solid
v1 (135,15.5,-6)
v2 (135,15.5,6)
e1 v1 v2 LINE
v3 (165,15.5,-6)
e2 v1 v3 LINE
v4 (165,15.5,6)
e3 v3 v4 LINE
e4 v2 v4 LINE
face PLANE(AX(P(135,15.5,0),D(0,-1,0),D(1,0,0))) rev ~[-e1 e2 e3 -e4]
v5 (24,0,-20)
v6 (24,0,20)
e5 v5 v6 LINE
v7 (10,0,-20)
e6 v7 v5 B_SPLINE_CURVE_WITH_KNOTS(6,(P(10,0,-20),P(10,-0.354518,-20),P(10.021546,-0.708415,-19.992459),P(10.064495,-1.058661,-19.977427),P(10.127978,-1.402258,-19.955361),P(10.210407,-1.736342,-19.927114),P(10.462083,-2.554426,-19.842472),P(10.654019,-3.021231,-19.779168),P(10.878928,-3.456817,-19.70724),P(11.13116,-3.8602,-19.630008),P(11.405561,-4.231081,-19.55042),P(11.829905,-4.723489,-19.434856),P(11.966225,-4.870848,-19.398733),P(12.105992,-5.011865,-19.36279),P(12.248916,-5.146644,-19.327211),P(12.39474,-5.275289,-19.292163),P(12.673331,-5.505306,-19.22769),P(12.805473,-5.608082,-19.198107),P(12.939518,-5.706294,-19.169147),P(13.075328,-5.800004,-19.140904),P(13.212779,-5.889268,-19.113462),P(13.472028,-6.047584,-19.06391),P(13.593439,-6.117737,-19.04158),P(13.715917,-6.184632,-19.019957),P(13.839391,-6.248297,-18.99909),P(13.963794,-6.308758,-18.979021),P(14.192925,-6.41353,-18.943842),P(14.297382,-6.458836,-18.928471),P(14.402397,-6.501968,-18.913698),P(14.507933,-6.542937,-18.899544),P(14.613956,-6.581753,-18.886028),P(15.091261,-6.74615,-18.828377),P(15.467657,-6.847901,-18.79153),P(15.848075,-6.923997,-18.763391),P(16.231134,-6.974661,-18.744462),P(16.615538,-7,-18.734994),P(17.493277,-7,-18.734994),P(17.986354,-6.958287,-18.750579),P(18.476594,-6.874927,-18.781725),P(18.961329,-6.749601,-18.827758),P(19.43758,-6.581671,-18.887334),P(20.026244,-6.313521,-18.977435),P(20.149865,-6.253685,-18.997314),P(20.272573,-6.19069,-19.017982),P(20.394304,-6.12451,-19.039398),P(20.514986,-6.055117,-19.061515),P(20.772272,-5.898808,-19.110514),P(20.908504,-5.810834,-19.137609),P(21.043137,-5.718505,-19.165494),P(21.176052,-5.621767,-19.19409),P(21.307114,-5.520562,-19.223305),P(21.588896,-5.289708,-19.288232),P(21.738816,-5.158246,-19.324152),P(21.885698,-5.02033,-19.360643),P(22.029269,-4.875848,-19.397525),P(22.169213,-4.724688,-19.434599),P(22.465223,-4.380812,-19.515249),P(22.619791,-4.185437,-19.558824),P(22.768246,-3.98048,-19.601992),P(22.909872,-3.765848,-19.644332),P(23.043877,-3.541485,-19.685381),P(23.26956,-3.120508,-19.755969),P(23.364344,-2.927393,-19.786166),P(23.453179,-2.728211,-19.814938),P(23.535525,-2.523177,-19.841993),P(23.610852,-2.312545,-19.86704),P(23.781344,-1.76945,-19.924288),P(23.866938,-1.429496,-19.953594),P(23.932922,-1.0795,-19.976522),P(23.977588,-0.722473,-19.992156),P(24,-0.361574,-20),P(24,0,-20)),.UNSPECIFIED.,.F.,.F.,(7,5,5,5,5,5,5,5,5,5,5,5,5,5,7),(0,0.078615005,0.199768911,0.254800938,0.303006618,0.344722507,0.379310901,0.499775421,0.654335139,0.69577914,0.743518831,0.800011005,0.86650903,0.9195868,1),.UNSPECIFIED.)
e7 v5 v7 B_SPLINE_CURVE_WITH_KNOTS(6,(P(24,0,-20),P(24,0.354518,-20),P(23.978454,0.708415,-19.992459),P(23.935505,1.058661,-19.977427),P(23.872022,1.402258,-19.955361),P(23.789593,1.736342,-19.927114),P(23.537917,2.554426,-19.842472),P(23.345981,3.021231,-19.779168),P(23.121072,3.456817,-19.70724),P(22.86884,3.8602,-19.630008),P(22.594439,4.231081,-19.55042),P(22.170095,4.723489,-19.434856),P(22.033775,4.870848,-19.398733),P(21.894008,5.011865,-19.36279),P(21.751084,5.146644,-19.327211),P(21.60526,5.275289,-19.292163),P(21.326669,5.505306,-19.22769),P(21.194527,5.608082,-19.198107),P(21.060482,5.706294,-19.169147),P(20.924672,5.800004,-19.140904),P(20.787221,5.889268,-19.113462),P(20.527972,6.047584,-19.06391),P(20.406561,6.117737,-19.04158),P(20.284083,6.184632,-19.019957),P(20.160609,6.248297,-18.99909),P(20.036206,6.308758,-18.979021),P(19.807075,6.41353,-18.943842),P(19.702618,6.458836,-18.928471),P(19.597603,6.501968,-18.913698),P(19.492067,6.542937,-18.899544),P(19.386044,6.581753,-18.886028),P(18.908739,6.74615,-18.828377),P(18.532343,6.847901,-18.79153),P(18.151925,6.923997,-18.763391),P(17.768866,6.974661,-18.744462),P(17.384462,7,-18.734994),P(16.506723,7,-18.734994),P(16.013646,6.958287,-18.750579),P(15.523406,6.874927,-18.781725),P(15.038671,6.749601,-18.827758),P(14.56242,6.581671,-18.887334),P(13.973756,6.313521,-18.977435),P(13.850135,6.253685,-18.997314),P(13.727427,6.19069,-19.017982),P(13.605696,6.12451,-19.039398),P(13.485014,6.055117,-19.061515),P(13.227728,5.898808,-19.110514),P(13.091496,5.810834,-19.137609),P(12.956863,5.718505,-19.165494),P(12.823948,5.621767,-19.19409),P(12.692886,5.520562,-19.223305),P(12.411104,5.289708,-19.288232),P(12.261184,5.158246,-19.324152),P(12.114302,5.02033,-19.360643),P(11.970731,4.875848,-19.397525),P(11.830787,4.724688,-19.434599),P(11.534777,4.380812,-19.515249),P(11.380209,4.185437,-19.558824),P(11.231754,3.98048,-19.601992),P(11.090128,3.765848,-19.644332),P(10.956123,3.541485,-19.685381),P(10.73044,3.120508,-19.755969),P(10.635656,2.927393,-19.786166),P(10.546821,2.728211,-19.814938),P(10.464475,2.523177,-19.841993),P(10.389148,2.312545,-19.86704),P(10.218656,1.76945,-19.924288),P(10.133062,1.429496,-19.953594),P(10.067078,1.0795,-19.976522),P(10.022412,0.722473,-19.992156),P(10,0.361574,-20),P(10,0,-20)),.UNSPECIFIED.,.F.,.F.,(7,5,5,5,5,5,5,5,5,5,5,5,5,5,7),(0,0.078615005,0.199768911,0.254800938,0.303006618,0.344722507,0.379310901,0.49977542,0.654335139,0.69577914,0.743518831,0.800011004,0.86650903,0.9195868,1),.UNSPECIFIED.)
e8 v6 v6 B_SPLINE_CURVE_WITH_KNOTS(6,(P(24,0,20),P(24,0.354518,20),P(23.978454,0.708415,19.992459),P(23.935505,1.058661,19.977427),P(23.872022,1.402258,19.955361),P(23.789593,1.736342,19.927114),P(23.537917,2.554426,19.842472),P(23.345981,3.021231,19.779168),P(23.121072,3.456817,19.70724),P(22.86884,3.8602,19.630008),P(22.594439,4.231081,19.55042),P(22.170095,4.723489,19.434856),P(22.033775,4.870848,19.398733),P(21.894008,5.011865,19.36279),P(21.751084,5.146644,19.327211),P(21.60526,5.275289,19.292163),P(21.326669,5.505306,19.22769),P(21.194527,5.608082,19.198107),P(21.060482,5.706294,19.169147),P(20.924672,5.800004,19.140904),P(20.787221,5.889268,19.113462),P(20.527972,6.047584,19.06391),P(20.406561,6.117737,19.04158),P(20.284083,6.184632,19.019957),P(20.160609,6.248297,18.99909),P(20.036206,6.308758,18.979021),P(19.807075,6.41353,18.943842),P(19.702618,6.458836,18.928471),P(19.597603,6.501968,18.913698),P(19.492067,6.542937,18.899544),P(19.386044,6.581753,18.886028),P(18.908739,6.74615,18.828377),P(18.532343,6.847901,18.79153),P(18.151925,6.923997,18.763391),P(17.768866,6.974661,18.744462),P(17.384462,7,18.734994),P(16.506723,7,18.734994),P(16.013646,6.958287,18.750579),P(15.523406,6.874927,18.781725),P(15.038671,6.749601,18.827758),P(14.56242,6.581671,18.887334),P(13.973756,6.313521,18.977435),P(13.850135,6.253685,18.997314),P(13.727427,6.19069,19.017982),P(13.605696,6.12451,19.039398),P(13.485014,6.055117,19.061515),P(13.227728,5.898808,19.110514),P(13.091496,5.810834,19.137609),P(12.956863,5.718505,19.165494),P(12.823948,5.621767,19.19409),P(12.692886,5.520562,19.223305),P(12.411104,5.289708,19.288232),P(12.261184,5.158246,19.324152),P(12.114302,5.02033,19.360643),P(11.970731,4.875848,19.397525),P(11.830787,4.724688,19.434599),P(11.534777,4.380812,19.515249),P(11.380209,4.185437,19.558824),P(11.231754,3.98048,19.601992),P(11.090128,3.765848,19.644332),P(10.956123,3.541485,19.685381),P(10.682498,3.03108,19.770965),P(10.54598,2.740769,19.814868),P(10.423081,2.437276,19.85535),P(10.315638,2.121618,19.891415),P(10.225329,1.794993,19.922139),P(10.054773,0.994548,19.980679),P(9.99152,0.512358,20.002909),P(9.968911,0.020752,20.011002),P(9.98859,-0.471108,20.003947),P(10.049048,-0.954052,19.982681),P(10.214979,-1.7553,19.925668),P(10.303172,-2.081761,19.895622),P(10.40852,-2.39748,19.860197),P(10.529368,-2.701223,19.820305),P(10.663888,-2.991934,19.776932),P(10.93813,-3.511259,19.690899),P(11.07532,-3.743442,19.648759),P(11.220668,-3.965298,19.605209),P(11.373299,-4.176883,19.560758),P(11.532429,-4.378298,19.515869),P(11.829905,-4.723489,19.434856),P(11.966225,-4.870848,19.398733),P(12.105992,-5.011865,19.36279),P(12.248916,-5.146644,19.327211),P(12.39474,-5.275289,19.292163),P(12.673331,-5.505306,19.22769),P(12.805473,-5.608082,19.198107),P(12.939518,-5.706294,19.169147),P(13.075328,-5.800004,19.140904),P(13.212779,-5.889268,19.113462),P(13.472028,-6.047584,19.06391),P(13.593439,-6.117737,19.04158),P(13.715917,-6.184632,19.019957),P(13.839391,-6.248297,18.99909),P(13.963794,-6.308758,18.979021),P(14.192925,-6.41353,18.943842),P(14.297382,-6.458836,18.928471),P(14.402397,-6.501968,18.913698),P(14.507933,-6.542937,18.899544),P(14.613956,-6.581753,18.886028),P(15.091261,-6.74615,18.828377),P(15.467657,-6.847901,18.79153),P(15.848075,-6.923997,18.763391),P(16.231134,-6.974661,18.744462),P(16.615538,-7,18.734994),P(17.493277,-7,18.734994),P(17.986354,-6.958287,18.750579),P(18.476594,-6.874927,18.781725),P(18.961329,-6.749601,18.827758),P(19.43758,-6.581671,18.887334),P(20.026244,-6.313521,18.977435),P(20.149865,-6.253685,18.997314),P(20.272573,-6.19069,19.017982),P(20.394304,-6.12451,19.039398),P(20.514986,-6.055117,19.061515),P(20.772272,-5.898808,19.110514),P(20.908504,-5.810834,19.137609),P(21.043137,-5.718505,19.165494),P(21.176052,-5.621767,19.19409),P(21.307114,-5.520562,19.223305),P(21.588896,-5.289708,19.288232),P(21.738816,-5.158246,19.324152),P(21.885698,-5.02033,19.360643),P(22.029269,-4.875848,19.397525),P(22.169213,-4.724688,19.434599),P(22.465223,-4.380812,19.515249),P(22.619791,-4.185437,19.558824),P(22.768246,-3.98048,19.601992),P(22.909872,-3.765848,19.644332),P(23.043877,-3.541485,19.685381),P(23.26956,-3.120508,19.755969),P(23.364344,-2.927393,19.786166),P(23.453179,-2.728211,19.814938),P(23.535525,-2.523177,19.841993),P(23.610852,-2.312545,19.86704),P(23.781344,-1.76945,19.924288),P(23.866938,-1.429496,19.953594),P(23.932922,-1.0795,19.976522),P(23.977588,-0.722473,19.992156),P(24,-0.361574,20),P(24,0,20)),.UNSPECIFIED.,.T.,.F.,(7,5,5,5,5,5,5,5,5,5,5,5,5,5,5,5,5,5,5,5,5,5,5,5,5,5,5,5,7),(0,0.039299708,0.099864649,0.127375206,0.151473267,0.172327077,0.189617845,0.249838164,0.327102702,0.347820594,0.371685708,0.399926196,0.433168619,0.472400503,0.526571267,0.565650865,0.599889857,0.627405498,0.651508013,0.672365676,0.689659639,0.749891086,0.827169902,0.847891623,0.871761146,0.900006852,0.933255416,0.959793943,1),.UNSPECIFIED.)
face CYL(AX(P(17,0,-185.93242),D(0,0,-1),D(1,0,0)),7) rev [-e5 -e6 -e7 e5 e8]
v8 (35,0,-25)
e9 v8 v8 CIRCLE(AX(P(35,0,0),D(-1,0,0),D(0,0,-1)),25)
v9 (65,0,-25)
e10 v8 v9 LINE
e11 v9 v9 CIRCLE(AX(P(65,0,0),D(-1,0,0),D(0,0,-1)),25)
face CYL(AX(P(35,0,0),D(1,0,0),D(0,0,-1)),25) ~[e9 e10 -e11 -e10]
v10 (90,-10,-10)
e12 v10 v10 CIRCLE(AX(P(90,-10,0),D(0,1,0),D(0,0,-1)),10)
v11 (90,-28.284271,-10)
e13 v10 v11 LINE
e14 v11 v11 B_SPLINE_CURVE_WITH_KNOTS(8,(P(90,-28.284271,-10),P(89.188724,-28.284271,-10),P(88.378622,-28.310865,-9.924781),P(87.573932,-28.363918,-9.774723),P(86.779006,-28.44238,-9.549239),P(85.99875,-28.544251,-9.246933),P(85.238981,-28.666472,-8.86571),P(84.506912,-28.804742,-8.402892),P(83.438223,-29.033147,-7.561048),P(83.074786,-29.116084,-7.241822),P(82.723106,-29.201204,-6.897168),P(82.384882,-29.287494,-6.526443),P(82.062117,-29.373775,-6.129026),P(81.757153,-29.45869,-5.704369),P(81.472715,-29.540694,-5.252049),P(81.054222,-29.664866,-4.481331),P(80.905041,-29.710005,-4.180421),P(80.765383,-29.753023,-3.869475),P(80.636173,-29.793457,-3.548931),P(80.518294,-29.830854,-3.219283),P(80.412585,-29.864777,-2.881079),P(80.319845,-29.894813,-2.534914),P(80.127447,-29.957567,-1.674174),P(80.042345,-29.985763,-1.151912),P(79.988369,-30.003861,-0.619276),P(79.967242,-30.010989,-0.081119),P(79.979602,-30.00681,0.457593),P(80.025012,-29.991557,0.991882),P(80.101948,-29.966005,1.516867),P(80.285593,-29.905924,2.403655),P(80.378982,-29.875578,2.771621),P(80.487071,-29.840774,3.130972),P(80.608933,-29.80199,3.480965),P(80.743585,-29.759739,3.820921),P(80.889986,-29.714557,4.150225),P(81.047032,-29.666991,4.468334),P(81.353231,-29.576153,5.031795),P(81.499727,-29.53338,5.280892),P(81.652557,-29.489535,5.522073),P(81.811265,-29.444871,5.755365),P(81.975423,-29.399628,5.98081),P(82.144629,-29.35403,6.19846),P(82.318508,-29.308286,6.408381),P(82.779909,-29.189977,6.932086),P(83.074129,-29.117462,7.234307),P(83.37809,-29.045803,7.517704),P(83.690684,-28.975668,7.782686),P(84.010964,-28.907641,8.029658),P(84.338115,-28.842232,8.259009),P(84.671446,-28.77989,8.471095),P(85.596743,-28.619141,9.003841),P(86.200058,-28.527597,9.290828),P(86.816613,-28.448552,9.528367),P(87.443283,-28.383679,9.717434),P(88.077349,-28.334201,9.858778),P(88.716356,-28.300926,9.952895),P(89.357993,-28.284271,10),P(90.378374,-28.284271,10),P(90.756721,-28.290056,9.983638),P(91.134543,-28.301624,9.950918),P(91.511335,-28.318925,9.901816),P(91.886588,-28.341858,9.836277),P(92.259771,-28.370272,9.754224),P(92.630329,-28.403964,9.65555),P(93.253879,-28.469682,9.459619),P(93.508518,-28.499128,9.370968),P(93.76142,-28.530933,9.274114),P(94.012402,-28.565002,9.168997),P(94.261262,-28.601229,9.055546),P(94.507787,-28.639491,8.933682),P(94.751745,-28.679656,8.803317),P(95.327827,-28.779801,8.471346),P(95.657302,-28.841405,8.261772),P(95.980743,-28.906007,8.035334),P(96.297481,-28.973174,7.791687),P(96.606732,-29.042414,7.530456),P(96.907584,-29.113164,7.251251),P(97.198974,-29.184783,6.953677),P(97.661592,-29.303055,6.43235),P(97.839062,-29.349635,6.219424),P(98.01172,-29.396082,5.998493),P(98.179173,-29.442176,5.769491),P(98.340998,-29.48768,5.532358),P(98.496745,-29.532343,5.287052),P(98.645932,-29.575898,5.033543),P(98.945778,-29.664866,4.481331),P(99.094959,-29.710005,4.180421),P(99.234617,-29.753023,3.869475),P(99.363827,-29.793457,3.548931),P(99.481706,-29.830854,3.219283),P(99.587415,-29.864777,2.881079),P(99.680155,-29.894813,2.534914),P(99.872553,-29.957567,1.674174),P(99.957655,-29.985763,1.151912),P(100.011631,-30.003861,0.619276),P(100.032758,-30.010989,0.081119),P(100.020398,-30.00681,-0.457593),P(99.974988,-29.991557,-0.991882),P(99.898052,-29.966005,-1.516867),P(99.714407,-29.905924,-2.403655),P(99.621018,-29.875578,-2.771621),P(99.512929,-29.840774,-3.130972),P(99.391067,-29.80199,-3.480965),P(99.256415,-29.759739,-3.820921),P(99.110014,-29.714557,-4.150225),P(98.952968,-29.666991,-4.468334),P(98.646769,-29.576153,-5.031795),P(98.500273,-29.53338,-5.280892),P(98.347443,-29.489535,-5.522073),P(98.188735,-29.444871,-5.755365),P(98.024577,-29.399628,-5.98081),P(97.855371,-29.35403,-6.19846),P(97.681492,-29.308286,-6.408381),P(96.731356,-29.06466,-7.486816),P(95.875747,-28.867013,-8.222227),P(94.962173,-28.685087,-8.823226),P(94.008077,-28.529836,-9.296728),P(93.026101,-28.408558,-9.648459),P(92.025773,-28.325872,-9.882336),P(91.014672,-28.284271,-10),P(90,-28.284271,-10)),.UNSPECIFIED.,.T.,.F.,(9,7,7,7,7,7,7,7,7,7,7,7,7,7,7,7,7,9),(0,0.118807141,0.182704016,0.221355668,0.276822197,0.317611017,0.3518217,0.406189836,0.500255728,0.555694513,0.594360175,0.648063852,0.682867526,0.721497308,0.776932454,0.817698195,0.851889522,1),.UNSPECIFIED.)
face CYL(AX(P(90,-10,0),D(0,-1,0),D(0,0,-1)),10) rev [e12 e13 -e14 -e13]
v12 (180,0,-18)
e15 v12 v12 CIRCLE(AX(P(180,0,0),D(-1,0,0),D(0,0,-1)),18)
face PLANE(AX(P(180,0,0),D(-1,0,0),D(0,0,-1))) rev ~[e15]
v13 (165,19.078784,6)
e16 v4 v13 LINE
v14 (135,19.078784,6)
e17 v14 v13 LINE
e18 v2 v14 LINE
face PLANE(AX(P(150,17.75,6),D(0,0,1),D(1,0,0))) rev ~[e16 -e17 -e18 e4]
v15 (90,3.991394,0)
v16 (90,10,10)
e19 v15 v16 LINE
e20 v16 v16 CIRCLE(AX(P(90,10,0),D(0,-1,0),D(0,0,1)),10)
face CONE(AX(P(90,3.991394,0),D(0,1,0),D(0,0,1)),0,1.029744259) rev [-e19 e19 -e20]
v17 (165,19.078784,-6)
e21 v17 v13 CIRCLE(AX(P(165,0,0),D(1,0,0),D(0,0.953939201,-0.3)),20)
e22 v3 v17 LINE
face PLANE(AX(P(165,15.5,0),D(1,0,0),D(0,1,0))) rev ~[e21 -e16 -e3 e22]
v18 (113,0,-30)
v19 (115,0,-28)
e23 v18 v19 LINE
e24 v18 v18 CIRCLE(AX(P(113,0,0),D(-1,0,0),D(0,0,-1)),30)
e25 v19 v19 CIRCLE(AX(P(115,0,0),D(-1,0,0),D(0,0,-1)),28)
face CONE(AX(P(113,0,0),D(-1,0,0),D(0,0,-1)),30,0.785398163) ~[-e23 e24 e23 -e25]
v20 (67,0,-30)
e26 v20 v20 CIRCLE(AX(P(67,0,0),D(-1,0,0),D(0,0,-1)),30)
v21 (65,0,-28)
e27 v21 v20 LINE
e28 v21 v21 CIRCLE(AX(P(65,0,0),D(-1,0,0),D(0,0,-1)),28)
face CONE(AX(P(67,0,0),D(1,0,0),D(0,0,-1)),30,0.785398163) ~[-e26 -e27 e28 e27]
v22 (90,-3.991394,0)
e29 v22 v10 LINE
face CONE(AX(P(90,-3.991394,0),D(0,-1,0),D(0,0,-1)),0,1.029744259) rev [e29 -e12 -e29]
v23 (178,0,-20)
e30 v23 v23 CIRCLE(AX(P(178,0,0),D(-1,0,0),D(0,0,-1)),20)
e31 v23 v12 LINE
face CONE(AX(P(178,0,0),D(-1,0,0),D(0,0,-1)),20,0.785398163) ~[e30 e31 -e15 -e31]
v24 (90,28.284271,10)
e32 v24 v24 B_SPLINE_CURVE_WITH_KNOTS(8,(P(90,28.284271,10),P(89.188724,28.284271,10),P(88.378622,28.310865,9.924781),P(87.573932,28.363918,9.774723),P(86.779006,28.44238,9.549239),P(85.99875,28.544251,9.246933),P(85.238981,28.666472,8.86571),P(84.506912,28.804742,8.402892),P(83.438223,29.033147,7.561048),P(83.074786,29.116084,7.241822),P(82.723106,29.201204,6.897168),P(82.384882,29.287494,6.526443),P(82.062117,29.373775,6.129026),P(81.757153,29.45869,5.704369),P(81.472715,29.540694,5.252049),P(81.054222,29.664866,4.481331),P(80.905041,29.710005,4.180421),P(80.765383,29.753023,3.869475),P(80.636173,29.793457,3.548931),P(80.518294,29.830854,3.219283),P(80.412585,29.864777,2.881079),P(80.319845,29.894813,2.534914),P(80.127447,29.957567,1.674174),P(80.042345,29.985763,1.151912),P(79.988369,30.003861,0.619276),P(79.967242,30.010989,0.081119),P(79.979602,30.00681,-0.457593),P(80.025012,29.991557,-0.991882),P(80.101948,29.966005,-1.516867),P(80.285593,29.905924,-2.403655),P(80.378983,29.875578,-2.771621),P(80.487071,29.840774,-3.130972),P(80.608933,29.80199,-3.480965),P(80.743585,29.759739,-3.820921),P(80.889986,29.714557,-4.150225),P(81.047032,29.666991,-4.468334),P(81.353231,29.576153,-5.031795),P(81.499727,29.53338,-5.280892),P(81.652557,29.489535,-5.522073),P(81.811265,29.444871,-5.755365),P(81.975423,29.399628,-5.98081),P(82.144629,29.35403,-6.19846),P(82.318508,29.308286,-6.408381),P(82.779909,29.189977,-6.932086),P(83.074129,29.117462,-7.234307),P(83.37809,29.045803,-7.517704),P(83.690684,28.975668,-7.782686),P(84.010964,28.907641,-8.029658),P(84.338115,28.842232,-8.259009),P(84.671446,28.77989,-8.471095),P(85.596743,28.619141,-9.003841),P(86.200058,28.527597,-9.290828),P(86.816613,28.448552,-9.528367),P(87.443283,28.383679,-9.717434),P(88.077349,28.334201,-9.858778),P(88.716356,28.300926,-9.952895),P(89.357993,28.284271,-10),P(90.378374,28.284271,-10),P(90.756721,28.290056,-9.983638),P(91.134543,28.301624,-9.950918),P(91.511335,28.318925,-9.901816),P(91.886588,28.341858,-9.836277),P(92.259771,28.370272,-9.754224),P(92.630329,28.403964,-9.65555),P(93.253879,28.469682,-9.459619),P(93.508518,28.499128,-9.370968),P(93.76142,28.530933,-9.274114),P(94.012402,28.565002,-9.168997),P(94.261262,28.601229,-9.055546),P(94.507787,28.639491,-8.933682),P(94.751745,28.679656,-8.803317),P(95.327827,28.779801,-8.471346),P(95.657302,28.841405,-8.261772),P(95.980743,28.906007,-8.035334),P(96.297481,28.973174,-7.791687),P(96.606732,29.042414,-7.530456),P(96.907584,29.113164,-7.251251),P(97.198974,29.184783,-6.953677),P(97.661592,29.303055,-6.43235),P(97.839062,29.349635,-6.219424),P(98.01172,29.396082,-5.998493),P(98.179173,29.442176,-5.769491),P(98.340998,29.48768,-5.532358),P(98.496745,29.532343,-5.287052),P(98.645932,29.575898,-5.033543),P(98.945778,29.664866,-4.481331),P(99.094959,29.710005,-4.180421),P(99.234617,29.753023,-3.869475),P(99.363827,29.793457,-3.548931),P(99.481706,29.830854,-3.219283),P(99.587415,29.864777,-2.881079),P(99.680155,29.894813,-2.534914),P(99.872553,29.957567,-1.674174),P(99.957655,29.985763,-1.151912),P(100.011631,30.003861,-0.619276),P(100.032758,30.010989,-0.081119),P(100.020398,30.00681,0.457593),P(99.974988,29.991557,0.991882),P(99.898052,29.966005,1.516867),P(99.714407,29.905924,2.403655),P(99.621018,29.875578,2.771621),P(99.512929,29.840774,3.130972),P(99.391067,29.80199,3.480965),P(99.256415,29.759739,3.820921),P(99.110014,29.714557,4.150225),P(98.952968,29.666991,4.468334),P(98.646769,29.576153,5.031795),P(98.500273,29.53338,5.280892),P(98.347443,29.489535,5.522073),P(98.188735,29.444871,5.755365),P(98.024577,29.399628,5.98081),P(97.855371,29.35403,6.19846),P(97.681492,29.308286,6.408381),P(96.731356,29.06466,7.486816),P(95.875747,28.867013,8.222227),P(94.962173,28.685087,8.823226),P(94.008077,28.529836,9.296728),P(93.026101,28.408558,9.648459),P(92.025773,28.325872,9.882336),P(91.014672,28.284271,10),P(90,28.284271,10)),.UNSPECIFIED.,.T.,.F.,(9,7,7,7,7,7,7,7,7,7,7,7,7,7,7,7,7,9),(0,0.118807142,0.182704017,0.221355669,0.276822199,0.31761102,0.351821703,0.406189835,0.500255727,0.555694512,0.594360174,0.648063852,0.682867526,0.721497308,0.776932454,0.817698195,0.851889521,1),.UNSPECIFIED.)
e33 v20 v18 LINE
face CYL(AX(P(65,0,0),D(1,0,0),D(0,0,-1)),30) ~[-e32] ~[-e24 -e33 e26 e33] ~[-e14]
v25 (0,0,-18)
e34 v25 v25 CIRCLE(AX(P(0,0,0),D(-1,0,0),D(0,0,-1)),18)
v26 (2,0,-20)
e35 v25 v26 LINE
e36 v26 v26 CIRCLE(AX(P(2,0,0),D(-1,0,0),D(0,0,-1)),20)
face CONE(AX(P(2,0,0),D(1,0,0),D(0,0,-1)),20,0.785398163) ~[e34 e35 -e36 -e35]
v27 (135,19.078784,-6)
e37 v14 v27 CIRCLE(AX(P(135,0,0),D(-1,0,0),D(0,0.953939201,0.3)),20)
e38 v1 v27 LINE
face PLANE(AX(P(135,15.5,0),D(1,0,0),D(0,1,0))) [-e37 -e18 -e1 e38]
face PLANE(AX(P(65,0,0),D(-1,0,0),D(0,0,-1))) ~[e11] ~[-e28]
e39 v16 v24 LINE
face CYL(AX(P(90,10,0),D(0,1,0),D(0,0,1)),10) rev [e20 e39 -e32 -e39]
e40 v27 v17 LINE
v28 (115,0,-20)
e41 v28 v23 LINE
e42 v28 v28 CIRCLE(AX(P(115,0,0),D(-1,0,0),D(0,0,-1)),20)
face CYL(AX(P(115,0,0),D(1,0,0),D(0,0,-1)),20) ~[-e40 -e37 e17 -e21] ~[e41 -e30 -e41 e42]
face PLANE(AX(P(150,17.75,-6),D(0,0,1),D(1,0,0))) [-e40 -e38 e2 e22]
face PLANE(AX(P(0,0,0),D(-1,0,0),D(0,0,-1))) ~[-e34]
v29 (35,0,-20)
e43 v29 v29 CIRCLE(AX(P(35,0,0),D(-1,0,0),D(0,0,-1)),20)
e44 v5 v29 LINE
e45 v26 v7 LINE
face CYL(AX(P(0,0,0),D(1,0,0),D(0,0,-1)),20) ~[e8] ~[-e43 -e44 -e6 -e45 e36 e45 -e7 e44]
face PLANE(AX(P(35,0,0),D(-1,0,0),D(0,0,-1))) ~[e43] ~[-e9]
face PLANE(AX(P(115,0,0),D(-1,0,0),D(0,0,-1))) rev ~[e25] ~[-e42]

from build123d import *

# Parameters (mm, degrees)
SKETCH_2_W               = 30
SKETCH_2_H               = 4.5
CUT_EXTRUDE_1_DEPTH      = 6
CUT_EXTRUDE_2_DEPTH      = 185.932420089
CUT_EXTRUDE_2_DEPTH_BACK = 185.932420089
SKETCH_3_R               = 7
PATTERN_CIRCULAR_1_COUNT = 2
CHAMFER_1_SIZE           = 2


with BuildPart() as part:
    # Эскиз1 → Повернуть1 (revolve)
    with BuildSketch(Plane.XY, mode=Mode.PRIVATE) as revolve_1_sk:
        Polygon((0, 0), (0, 20), (35, 20), (35, 25), (65, 25), (65, 30), (115, 30), (115, 20), (180, 20), (180, 0), align=None)
    revolve(revolve_1_sk.sketch.rotate(Axis((0, 0, 0), (-1, 0, 0)), 90), axis=Axis((0, 0, 0), (-1, 0, 0)))

    # Эскиз2 → Вырез-Вытянуть1 (cut, symmetric)
    with BuildSketch(Plane.XY):
        with Locations((150, 17.75)):
            Rectangle(SKETCH_2_W, SKETCH_2_H)
    extrude(amount=CUT_EXTRUDE_1_DEPTH, both=True, mode=Mode.SUBTRACT)

    # Эскиз3 → Вырез-Вытянуть2 (cut, two sides: drawn at the far end of the back side and taken through both)
    with BuildSketch(Plane.XY.offset(-CUT_EXTRUDE_2_DEPTH_BACK)):
        with Locations((17, 0)):
            Circle(SKETCH_3_R)
    extrude(amount=CUT_EXTRUDE_2_DEPTH + CUT_EXTRUDE_2_DEPTH_BACK, mode=Mode.SUBTRACT)

    # Эскиз4 → Диаметр отверстия Ø16.0 (20)1 (revolve, cut)
    with BuildSketch(Plane(origin=(90, 30, 0), x_dir=(0, 0, 1), z_dir=(1, 0, 0))):
        Polygon((0, 0), (0, 26.00860619), (10, 20), (10, 0), align=None)
    hole_wizard_16_0_20_1 = revolve(axis=Axis((90, 36.35, 0), (0, -1, 0)), mode=Mode.SUBTRACT)

    # Круговой массив1: Диаметр отверстия Ø16.0 (20)1 ×2 about axis
    pattern_circular_1_axis = Axis((0, 0, 0), (1, 0, 0))
    for i in range(1, PATTERN_CIRCULAR_1_COUNT):
        add(hole_wizard_16_0_20_1.rotate(pattern_circular_1_axis, i * 360 / PATTERN_CIRCULAR_1_COUNT), mode=Mode.SUBTRACT)

    # Фаска1
    chamfer_1_edges = [part.edges().sort_by_distance(p)[0] for p in [
        (0, 0, 20),
        (180, 0, 20),
        (115, 0, 30),
        (65, 0, 30),
    ]]
    chamfer(chamfer_1_edges, length=CHAMFER_1_SIZE)


solid = part.part
